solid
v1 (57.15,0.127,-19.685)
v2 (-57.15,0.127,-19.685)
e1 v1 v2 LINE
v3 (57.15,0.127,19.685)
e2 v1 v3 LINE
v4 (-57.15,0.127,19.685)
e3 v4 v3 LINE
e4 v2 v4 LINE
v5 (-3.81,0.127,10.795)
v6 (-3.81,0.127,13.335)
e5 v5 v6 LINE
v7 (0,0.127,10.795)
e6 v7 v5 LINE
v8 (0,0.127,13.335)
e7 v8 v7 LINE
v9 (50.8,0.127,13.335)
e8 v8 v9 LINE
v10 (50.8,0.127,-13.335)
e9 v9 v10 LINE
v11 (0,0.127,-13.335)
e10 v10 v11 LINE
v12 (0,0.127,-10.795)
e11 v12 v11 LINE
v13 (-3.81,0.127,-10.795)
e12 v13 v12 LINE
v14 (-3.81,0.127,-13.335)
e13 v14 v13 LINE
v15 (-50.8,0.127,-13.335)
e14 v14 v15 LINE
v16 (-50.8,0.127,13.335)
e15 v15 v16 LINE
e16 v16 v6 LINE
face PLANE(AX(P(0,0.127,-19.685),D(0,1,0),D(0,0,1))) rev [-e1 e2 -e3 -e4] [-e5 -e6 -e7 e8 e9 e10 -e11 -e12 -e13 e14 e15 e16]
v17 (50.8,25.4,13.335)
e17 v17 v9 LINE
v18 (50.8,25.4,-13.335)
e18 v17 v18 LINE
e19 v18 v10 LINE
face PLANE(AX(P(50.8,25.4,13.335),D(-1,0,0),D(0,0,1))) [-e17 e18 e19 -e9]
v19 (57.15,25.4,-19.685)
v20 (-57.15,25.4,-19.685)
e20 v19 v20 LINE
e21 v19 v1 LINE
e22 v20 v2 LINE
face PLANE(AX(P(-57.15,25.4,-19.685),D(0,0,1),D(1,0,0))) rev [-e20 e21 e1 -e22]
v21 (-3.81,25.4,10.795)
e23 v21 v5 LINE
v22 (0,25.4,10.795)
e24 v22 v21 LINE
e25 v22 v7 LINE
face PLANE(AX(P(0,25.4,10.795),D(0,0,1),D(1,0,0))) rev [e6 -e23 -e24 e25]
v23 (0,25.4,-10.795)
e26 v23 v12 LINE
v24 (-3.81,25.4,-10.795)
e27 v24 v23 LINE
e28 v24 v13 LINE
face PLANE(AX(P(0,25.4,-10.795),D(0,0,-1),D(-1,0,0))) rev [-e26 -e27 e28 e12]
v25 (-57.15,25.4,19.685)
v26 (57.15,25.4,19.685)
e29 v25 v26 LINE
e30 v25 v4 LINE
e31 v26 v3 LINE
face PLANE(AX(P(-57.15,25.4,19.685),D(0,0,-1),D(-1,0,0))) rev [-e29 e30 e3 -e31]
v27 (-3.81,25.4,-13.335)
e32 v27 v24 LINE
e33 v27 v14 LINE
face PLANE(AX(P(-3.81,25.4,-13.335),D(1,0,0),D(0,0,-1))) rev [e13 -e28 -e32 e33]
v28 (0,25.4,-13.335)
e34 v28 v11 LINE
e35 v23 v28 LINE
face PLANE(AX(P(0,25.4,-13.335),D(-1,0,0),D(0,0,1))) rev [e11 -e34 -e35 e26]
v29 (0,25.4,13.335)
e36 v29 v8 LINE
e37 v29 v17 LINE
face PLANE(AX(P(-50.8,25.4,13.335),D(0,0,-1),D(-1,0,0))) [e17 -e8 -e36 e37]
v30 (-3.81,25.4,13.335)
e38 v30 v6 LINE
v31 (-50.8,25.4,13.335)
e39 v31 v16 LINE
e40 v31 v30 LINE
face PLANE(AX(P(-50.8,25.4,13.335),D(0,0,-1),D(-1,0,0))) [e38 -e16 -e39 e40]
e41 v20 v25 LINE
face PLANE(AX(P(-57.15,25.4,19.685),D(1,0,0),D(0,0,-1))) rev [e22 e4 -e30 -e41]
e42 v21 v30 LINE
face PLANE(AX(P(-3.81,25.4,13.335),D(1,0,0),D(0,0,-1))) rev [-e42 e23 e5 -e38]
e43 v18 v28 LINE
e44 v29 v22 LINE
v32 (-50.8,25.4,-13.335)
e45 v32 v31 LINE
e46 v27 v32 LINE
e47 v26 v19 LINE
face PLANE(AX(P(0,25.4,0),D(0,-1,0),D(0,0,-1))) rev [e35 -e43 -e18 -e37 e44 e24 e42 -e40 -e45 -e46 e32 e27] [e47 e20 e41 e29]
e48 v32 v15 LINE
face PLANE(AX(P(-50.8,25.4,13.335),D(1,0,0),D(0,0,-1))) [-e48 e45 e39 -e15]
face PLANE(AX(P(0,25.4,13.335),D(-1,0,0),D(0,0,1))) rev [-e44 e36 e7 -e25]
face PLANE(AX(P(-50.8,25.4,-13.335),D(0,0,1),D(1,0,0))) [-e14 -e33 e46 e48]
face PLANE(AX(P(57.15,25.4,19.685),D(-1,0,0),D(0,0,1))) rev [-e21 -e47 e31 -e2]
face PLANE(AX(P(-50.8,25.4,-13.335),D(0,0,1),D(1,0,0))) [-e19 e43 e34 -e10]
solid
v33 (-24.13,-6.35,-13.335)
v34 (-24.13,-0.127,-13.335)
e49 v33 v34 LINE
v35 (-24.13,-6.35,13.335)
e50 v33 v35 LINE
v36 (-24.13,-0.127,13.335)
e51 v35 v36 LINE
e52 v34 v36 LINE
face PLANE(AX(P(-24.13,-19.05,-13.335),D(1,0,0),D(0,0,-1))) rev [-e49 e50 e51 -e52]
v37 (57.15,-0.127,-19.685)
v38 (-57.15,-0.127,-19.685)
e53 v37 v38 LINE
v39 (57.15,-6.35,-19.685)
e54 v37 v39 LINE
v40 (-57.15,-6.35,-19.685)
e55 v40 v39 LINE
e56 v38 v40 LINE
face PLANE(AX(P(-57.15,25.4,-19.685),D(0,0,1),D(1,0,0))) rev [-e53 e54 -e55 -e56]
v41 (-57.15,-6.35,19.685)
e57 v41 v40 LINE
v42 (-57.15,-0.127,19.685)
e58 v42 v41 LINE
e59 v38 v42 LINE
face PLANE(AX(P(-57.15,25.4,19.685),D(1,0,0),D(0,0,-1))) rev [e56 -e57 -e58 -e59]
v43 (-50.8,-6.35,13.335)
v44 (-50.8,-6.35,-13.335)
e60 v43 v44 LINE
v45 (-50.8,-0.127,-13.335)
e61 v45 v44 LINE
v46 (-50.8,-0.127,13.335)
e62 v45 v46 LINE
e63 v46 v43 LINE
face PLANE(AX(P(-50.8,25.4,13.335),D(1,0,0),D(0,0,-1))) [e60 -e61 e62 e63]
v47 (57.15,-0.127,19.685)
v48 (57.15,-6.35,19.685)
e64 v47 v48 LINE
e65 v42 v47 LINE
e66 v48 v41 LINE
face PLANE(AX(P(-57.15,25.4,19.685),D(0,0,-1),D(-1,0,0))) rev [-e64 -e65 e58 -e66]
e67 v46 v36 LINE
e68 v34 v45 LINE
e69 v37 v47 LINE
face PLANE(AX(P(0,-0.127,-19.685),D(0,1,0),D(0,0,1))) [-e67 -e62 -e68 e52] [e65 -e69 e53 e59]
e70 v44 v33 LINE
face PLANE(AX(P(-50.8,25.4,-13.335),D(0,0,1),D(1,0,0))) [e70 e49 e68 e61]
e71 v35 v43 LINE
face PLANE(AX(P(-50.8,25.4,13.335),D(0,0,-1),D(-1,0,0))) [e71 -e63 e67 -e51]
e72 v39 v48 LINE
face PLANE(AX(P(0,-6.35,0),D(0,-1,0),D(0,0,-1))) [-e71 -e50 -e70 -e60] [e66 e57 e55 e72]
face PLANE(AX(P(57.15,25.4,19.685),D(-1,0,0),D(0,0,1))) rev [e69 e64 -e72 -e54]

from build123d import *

# Parameters (mm, degrees)
SKETCH1_W                    = 114.3
SKETCH1_H                    = 39.37
SKETCH1_W_2                  = 101.6
SKETCH1_H_2                  = 26.67
BOSS_EXTRUDE1_DEPTH          = 25.4
SKETCH3_W                    = 114.3
SKETCH3_H                    = 39.37
BOSS_EXTRUDE2_DEPTH          = 6.35
SKETCH4_W                    = 3.81
SKETCH4_H                    = 2.54
BOSS_EXTRUDE3_DEPTH          = 25.4
SKETCH8_W                    = 26.67
SKETCH8_H                    = 26.67
CUT_EXTRUDE2_DEPTH           = 19.05
CUT_EXTRUDE_THIN1_DEPTH      = 74.900469552
CUT_EXTRUDE_THIN1_DEPTH_BACK = 74.900469552


with BuildPart() as part:
    # Sketch1 → Boss-Extrude1 (new body)
    with BuildSketch(Plane(origin=(0, 0, 0), x_dir=(1, 0, 0), z_dir=(0, 1, 0))):
        Rectangle(SKETCH1_W, SKETCH1_H)
        Rectangle(SKETCH1_W_2, SKETCH1_H_2, mode=Mode.SUBTRACT)
    extrude(amount=BOSS_EXTRUDE1_DEPTH)

    # Sketch3 → Boss-Extrude2 (add)
    with BuildSketch(Plane.XZ):
        Rectangle(SKETCH3_W, SKETCH3_H)
    extrude(amount=BOSS_EXTRUDE2_DEPTH)

    # Sketch4 → Boss-Extrude3 (add)
    with BuildSketch(Plane(origin=(0, 0, 0), x_dir=(1, 0, 0), z_dir=(0, 1, 0))):
        with Locations((-1.905, -12.065)):
            Rectangle(SKETCH4_W, SKETCH4_H)
        with Locations((-1.905, 12.065)):
            Rectangle(SKETCH4_W, SKETCH4_H)
    extrude(amount=BOSS_EXTRUDE3_DEPTH)

    # Sketch8 → Cut-Extrude2 (cut)
    with BuildSketch(Plane(origin=(0, 0, 0), x_dir=(1, 0, 0), z_dir=(0, 1, 0))):
        with Locations((-37.465, 0)):
            Rectangle(SKETCH8_W, SKETCH8_H)
    extrude(amount=-CUT_EXTRUDE2_DEPTH, mode=Mode.SUBTRACT)

    # Sketch7 → Cut-Extrude-Thin1 (cut, two sides: drawn at the far end of the back side and taken through both)
    with BuildSketch(Plane.XY.offset(19.685).offset(-CUT_EXTRUDE_THIN1_DEPTH_BACK)):
        Polygon((-57.15, -0.127), (0, -0.127), (57.15, -0.127), (57.15, 0.127), (0, 0.127), (-57.15, 0.127), align=None)
    extrude(amount=CUT_EXTRUDE_THIN1_DEPTH + CUT_EXTRUDE_THIN1_DEPTH_BACK, mode=Mode.SUBTRACT)


with BuildPart() as cut_extrude_thin1_piece_1:
    # of the separate pieces the step leaves, piece 1, a body of its own (cut_extrude_thin1_pieces)
    add(part.part.solids().sort_by_distance((-57.15, 25.4, 19.685))[0])


with BuildPart() as cut_extrude_thin1_piece_2:
    # of the separate pieces the step leaves, piece 2, a body of its own (cut_extrude_thin1_pieces)
    add(part.part.solids().sort_by_distance((-57.15, -0.127, 19.685))[0])


solid = Compound([cut_extrude_thin1_piece_1.part, cut_extrude_thin1_piece_2.part])
